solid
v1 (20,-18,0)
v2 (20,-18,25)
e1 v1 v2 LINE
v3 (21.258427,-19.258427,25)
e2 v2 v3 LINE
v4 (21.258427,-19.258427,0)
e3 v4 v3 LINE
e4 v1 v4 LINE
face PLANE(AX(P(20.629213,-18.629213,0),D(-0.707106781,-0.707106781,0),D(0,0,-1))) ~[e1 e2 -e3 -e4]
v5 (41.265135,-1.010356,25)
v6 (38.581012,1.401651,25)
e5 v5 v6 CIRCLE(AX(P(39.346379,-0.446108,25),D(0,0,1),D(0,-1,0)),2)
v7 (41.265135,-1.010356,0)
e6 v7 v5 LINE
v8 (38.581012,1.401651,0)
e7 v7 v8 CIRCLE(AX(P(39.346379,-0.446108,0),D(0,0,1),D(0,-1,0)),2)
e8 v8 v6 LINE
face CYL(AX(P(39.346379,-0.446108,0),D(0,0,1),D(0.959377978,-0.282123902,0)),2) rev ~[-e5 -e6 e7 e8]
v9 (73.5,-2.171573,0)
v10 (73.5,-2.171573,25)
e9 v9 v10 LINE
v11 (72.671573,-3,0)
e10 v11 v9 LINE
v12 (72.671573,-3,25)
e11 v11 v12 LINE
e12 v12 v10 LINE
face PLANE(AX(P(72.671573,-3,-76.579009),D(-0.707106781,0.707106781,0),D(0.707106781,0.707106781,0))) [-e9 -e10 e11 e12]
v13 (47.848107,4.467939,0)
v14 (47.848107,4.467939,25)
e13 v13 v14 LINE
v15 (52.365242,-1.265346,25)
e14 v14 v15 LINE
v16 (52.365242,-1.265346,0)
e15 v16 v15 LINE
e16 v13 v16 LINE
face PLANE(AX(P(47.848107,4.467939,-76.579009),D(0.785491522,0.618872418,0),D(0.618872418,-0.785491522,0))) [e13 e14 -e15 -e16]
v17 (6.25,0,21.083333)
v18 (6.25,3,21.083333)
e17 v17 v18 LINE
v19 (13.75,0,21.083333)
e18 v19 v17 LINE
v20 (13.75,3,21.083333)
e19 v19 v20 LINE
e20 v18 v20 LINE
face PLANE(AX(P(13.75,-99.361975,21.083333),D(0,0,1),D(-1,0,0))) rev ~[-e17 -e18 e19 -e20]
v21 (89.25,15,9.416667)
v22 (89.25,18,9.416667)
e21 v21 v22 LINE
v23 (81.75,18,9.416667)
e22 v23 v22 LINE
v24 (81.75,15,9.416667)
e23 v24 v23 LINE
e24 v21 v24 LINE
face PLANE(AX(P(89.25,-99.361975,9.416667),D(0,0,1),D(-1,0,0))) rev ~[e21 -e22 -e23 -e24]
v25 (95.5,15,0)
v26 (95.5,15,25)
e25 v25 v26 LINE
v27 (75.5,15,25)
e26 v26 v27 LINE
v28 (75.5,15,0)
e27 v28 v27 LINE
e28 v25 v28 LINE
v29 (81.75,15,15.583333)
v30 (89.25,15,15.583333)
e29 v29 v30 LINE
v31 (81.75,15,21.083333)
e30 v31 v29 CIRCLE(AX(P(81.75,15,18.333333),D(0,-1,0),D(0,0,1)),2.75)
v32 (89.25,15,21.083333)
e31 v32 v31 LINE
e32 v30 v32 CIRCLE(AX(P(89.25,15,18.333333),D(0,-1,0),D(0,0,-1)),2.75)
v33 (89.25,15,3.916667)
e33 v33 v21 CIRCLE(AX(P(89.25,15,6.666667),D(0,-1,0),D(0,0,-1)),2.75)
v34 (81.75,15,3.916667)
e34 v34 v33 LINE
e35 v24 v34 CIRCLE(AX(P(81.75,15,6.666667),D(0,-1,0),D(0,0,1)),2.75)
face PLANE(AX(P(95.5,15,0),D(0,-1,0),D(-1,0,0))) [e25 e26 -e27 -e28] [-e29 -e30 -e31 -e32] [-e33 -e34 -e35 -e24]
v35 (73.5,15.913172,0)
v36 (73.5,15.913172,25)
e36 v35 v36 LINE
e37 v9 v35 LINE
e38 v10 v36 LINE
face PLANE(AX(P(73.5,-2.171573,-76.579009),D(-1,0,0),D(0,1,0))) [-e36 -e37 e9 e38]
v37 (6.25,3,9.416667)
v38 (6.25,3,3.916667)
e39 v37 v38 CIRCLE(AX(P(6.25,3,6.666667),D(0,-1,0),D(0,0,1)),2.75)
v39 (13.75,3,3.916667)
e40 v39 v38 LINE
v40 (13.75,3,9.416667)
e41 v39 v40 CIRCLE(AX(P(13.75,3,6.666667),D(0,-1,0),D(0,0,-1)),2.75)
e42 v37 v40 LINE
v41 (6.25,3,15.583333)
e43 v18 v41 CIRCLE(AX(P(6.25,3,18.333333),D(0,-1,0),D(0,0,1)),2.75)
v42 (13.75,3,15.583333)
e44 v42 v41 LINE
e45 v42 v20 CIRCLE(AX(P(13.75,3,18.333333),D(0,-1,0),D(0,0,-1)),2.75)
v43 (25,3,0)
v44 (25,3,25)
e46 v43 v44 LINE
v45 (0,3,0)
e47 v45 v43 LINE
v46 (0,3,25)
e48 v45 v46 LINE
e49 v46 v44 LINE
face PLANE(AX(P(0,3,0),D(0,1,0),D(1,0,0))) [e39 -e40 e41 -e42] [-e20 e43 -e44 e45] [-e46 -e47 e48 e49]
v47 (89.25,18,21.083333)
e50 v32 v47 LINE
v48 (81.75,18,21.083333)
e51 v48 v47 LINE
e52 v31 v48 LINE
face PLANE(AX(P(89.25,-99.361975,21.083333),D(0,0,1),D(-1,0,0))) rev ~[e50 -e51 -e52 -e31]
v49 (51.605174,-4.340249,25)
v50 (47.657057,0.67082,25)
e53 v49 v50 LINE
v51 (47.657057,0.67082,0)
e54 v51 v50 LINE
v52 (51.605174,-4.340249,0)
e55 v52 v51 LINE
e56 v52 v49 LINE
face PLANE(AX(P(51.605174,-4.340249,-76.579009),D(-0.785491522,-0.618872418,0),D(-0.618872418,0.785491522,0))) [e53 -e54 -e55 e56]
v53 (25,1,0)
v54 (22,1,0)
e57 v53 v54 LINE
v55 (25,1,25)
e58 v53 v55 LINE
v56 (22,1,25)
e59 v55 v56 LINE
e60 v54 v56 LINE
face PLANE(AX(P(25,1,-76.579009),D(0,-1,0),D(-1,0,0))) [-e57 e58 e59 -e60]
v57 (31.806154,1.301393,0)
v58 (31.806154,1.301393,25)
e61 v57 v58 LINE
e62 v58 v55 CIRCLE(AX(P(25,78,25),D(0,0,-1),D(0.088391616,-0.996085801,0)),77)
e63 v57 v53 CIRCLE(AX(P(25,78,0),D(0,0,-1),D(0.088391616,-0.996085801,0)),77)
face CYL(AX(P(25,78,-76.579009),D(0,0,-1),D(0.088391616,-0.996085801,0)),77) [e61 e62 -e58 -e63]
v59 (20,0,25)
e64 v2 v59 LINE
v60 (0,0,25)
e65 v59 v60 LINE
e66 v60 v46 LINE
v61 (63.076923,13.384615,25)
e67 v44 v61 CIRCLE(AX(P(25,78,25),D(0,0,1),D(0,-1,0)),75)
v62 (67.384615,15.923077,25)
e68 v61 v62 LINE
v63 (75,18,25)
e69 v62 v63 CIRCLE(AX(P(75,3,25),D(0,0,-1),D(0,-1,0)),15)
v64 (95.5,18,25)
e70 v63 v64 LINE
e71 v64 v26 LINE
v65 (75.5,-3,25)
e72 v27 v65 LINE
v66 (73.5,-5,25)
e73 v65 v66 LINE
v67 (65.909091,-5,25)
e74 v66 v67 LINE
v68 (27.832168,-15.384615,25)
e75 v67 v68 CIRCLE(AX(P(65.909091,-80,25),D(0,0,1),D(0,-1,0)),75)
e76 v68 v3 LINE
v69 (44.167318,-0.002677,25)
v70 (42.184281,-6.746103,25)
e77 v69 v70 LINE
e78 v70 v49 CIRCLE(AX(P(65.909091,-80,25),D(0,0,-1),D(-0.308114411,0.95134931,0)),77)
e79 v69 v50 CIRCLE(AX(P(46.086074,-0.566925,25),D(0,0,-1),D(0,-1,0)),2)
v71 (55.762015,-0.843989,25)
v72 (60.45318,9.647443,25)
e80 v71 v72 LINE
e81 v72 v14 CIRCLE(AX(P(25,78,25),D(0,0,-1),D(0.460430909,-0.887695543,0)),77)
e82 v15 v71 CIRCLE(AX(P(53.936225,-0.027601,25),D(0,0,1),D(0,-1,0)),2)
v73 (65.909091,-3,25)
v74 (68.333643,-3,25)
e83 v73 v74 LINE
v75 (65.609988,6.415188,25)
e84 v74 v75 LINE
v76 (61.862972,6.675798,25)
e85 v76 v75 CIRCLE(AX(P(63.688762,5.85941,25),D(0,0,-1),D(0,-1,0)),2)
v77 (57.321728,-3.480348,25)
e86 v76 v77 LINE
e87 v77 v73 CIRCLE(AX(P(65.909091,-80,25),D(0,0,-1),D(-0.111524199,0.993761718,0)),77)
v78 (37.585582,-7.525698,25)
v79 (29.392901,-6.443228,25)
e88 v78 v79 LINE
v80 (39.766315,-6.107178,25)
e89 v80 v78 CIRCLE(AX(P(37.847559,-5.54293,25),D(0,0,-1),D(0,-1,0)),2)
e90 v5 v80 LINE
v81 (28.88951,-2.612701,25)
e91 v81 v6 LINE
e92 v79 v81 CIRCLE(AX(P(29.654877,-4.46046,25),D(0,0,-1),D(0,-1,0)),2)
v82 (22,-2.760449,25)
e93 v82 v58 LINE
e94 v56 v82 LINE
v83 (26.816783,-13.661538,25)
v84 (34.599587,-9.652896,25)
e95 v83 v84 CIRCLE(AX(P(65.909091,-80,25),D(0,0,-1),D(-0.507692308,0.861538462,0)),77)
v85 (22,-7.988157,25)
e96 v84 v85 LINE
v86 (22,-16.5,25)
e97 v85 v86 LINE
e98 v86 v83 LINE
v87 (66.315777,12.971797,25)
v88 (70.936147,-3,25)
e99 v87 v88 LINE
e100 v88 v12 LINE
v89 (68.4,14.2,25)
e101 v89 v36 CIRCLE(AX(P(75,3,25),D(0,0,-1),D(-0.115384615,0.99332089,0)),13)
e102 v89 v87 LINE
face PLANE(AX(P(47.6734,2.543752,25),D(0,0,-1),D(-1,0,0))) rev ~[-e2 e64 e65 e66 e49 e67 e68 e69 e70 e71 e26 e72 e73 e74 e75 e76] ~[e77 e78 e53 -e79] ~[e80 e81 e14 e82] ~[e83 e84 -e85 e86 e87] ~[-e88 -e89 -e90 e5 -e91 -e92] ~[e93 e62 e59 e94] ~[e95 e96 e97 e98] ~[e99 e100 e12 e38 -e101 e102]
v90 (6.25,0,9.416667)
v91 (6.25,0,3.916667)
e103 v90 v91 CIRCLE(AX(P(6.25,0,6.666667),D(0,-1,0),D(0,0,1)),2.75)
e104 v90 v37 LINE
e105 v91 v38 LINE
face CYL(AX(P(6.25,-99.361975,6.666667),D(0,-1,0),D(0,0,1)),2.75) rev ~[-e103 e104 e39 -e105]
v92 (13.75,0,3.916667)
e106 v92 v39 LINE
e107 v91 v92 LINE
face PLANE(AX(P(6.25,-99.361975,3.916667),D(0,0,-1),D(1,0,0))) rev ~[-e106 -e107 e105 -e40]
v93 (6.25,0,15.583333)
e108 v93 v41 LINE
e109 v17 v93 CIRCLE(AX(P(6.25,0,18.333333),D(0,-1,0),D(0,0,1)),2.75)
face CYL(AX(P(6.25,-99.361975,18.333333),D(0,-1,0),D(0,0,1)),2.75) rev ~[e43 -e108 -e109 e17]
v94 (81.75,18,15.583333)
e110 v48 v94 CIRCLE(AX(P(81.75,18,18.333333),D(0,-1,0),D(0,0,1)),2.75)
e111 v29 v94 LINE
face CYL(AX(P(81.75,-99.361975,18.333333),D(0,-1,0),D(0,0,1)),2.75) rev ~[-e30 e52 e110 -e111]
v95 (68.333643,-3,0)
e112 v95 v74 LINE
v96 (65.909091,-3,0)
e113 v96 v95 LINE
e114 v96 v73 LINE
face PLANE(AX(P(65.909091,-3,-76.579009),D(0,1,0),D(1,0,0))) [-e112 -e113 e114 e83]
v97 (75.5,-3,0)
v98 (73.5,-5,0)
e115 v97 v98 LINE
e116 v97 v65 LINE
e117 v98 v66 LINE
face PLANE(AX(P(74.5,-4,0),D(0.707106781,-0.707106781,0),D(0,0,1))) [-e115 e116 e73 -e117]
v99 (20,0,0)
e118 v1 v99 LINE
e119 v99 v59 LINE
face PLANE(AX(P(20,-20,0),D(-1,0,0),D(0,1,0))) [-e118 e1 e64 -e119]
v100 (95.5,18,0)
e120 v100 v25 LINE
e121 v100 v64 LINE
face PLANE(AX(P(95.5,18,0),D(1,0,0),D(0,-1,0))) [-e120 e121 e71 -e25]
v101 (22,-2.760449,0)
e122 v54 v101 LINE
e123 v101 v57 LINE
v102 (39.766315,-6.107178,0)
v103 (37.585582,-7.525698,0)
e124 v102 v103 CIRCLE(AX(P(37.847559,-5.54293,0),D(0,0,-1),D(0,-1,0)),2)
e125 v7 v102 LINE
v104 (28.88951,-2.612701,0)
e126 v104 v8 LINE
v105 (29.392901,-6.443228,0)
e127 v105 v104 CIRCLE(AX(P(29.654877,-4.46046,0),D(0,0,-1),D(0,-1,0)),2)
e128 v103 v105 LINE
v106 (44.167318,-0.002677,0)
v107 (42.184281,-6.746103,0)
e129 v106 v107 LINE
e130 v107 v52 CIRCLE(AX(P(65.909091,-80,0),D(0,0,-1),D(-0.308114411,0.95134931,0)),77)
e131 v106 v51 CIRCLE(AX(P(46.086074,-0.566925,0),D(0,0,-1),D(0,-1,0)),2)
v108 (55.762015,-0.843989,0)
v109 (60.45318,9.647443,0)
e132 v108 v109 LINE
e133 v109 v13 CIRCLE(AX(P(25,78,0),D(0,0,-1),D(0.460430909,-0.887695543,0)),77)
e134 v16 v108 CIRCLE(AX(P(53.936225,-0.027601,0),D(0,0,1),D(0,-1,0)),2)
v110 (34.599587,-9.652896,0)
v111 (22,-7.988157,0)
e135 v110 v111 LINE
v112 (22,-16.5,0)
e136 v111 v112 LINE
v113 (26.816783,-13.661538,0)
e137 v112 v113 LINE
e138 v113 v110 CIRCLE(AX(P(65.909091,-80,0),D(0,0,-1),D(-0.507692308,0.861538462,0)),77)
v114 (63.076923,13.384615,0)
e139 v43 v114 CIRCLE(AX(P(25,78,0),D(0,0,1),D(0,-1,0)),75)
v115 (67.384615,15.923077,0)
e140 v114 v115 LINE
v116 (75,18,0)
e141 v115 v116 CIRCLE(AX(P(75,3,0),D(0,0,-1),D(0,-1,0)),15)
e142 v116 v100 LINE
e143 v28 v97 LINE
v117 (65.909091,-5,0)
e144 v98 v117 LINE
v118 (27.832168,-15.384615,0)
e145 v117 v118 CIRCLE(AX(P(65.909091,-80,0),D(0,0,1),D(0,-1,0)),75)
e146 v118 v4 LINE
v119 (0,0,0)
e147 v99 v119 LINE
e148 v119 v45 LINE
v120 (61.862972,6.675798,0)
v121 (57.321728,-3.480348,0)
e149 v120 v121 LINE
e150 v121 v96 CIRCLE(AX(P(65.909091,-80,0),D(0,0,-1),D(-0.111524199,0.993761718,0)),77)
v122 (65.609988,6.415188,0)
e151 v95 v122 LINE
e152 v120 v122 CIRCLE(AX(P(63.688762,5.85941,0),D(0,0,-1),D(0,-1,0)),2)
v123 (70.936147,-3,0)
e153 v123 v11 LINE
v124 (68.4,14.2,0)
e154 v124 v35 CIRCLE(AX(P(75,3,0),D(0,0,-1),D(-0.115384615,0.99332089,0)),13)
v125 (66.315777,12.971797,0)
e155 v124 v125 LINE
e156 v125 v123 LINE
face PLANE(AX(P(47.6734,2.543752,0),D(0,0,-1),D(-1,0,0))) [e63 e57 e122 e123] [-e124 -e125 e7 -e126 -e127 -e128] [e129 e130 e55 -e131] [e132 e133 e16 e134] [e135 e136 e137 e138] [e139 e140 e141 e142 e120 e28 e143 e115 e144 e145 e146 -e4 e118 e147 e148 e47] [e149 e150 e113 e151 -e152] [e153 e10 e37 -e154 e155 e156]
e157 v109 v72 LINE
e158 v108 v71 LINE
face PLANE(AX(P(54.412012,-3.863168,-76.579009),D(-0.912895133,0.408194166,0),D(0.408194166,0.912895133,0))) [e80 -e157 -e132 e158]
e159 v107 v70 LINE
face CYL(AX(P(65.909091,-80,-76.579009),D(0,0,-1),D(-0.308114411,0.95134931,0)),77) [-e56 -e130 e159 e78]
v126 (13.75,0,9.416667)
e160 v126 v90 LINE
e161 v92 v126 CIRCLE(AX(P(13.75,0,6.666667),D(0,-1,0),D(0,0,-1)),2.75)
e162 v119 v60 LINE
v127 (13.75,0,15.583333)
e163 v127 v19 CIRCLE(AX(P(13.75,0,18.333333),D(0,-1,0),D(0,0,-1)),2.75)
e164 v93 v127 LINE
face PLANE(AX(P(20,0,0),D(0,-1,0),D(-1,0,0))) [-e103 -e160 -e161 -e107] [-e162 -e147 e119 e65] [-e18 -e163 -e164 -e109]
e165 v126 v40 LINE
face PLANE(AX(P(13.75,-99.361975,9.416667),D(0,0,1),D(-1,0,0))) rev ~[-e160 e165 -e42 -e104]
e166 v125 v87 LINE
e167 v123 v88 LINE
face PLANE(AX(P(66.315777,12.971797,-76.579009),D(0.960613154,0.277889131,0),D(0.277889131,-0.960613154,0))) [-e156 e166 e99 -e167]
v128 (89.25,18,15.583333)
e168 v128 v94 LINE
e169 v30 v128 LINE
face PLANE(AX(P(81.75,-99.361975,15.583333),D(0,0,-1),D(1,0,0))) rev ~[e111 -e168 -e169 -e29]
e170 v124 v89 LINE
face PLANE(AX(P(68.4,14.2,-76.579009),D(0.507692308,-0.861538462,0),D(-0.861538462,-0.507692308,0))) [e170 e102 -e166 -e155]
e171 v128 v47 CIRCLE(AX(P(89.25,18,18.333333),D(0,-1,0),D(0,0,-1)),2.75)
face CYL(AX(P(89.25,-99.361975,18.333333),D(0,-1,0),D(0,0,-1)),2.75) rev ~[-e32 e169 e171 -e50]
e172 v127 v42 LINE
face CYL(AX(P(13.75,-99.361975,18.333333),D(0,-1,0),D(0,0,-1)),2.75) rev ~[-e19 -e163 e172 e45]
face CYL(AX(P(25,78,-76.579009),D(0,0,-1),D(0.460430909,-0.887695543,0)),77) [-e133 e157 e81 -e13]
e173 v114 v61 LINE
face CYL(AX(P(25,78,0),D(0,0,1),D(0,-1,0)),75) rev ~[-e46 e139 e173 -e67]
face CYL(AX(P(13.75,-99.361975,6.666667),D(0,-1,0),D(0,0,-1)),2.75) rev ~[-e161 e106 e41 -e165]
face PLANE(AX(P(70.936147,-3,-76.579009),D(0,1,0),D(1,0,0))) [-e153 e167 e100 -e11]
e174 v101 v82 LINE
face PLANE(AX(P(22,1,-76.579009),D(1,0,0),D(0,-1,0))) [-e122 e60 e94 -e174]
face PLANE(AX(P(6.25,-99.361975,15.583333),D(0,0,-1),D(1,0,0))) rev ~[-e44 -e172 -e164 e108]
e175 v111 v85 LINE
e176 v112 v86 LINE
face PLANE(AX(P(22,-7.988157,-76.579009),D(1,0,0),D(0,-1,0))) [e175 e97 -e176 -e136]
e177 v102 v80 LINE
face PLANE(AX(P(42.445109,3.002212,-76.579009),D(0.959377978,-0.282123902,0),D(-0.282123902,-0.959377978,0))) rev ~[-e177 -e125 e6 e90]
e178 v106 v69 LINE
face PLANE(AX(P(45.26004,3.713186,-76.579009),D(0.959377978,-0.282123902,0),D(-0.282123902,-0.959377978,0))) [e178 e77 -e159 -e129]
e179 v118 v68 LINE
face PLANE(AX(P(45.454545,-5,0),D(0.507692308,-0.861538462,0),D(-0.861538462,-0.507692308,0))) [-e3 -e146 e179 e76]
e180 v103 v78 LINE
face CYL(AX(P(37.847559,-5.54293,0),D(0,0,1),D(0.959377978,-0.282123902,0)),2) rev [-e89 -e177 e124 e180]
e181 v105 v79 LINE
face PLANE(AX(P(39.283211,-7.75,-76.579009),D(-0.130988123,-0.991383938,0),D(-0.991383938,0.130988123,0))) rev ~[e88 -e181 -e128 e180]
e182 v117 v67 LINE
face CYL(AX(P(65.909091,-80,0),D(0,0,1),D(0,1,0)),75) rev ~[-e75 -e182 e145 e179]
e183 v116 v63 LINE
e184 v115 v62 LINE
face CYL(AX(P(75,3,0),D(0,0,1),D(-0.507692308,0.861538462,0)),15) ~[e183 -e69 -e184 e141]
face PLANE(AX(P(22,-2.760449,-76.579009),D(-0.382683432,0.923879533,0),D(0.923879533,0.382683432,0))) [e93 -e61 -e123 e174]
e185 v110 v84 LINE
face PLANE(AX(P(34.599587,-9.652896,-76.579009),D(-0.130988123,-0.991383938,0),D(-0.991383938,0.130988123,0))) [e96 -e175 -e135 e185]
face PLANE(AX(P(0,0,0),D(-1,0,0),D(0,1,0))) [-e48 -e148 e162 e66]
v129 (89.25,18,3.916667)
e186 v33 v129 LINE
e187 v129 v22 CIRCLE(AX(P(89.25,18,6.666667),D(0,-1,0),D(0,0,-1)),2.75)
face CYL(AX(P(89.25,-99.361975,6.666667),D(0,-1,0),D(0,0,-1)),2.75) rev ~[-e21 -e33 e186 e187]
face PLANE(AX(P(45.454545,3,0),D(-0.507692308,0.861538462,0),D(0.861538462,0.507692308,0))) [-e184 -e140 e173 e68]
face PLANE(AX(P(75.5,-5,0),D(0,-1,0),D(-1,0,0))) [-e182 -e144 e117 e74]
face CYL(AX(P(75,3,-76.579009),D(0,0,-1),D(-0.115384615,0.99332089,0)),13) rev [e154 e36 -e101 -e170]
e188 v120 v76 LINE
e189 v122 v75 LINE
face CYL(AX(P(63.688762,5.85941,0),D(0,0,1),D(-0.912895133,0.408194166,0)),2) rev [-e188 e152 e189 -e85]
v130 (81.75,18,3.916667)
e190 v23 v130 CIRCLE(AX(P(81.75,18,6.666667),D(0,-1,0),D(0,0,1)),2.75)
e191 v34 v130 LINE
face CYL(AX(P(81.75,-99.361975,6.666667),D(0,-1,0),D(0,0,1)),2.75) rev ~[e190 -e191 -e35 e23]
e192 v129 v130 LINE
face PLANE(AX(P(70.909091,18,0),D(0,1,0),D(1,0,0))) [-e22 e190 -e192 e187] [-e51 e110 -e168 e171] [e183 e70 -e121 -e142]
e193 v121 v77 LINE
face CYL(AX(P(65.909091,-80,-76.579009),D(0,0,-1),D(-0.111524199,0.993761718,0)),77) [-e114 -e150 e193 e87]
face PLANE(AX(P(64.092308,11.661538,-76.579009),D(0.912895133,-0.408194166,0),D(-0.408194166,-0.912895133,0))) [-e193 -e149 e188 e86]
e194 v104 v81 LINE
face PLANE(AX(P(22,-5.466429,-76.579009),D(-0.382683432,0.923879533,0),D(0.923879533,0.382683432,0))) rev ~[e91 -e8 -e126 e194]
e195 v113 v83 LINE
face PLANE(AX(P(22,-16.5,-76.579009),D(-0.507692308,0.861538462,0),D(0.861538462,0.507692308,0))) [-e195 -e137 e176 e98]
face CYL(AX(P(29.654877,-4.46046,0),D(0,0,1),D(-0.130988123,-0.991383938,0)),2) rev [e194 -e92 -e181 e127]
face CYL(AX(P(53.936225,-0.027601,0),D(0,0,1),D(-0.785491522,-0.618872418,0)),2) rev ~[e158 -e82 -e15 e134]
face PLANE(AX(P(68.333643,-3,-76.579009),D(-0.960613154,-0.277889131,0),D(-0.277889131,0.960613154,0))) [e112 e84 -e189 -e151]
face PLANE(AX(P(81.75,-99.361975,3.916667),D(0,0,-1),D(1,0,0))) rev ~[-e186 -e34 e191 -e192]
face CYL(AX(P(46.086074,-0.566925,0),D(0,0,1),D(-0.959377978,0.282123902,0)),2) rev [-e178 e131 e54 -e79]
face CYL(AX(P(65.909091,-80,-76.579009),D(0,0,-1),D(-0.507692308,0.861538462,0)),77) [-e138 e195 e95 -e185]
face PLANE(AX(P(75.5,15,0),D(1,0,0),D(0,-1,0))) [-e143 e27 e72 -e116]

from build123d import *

# Parameters (mm, degrees)
BOSS_EXTRUDE1_DEPTH     = 25
CUT_EXTRUDE2_DEPTH      = 102.361975119
CUT_EXTRUDE2_DEPTH_BACK = 102.361975119
FILLET2_R               = 75
FILLET3_R               = 15
CHAMFER2_SIZE           = 2
CHAMFER3_SIZE           = 2
CHAMFER3_SIZE2          = 1.460674157
CUT_EXTRUDE3_DEPTH      = 101.57900879
CUT_EXTRUDE3_DEPTH_BACK = 101.57900879
FILLET4_R               = 2


with BuildPart() as part:
    # Sketch1 → Boss-Extrude1 (new body)
    with BuildSketch(Plane.XY):
        Polygon((0, 0), (0, 3), (45.454545455, 3), (70.909090909, 18), (95.5, 18), (95.5, 15), (75.5, 15), (75.5, -5), (45.454545455, -5), (20, -20), (20, 0), align=None)
    extrude(amount=BOSS_EXTRUDE1_DEPTH)

    # Sketch3 → Cut-Extrude2 (cut, two sides: drawn at the far end of the back side and taken through both)
    with BuildSketch(Plane(origin=(0, 3, 0), x_dir=(1, 0, 0), z_dir=(0, 1, 0)).offset(-CUT_EXTRUDE2_DEPTH_BACK)):
        with BuildLine():
            Line((6.25, -3.916666667), (13.75, -3.916666667))
            ThreePointArc((13.75, -3.916666667), (16.5, -6.666666667), (13.75, -9.416666667))
            Line((13.75, -9.416666667), (6.25, -9.416666667))
            ThreePointArc((6.25, -9.416666667), (3.5, -6.666666667), (6.25, -3.916666667))
        make_face()
        with BuildLine():
            Line((6.25, -15.583333333), (13.75, -15.583333333))
            ThreePointArc((13.75, -15.583333333), (16.5, -18.333333333), (13.75, -21.083333333))
            Line((13.75, -21.083333333), (6.25, -21.083333333))
            ThreePointArc((6.25, -21.083333333), (3.5, -18.333333333), (6.25, -15.583333333))
        make_face()
        with BuildLine():
            Line((81.75, -3.916666667), (89.25, -3.916666667))
            ThreePointArc((89.25, -3.916666667), (92, -6.666666667), (89.25, -9.416666667))
            Line((89.25, -9.416666667), (81.75, -9.416666667))
            ThreePointArc((81.75, -9.416666667), (79, -6.666666667), (81.75, -3.916666667))
        make_face()
        with BuildLine():
            Line((81.75, -15.583333333), (89.25, -15.583333333))
            ThreePointArc((89.25, -15.583333333), (92, -18.333333333), (89.25, -21.083333333))
            Line((89.25, -21.083333333), (81.75, -21.083333333))
            ThreePointArc((81.75, -21.083333333), (79, -18.333333333), (81.75, -15.583333333))
        make_face()
    extrude(amount=CUT_EXTRUDE2_DEPTH + CUT_EXTRUDE2_DEPTH_BACK, mode=Mode.SUBTRACT)

    # Fillet2
    fillet2_edges = [part.edges().sort_by_distance(p)[0] for p in [
        (45.454545455, -5, 12.5),
        (45.454545455, 3, 12.5),
    ]]
    fillet(fillet2_edges, radius=FILLET2_R)

    # Fillet3
    fillet3_edges = [part.edges().sort_by_distance(p)[0] for p in [
        (70.909090909, 18, 12.5),
    ]]
    fillet(fillet3_edges, radius=FILLET3_R)

    # Chamfer2
    chamfer2_edges = [part.edges().sort_by_distance(p)[0] for p in [
        (75.5, -5, 12.5),
    ]]
    chamfer(chamfer2_edges, length=CHAMFER2_SIZE)

    # Chamfer3
    chamfer3_edges = [part.edges().sort_by_distance(p)[0] for p in [
        (20, -20, 12.5),
    ]]
    chamfer3_side = [part.faces().sort_by_distance(p)[0] for p in [
        (20, -10, 12.5),
    ]]
    chamfer(chamfer3_edges, length=CHAMFER3_SIZE, length2=CHAMFER3_SIZE2, reference=chamfer3_side[0])

    # Sketch4 → Cut-Extrude3 (cut, two sides: drawn at the far end of the back side and taken through both)
    with BuildSketch(Plane.XY.offset(25).offset(-CUT_EXTRUDE3_DEPTH_BACK)):
        with BuildLine():
            Line((22, -2.760448796), (31.806154392, 1.301393348))
            ThreePointArc((31.806154392, 1.301393348), (28.406412173, 1.075385239), (25, 1))
            Line((25, 1), (22, 1))
            Line((22, 1), (22, -2.760448796))
        make_face()
        Polygon((42.445109464, 3.002212327), (39.283210642, -7.75), (22, -5.466429297), align=None)
        with BuildLine():
            ThreePointArc((26.816783217, -13.661538462), (30.651168911, -11.546519911), (34.599587235, -9.652896437))
            Line((34.599587235, -9.652896437), (22, -7.988156657))
            Line((22, -7.988156657), (22, -16.5))
            Line((22, -16.5), (26.816783217, -13.661538462))
        make_face()
        with BuildLine():
            ThreePointArc((42.184281307, -6.746103112), (46.856714422, -5.394323606), (51.605173683, -4.340248798))
            Line((51.605173683, -4.340248798), (45.260040246, 3.713185765))
            Line((45.260040246, 3.713185765), (42.184281307, -6.746103112))
        make_face()
        with BuildLine():
            Line((54.412012222, -3.863168035), (60.453180003, 9.647443152))
            ThreePointArc((60.453180003, 9.647443152), (54.265454394, 6.778281549), (47.848106587, 4.467938793))
            Line((47.848106587, 4.467938793), (54.412012222, -3.863168035))
        make_face()
        with BuildLine():
            Line((68.333642683, -3), (64.092307692, 11.661538462))
            Line((64.092307692, 11.661538462), (57.321727635, -3.480347675))
            ThreePointArc((57.321727635, -3.480347675), (61.608697267, -3.120180707), (65.909090909, -3))
            Line((65.909090909, -3), (68.333642683, -3))
        make_face()
        with BuildLine():
            Line((68.4, 14.2), (66.315776542, 12.971796891))
            Line((66.315776542, 12.971796891), (70.936147126, -3))
            Line((70.936147126, -3), (72.671572875, -3))
            Line((72.671572875, -3), (73.5, -2.171572875))
            Line((73.5, -2.171572875), (73.5, 15.91317157))
            ThreePointArc((73.5, 15.91317157), (70.860405913, 15.323301538), (68.4, 14.2))
        make_face()
    extrude(amount=CUT_EXTRUDE3_DEPTH + CUT_EXTRUDE3_DEPTH_BACK, mode=Mode.SUBTRACT)

    # Fillet4
    fillet4_edges = [part.edges().sort_by_distance(p)[0] for p in [
        (45.260040246, 3.713185765, 12.5),
        (54.412012222, -3.863168035, 12.5),
        (42.445109464, 3.002212327, 12.5),
        (39.283210642, -7.75, 12.5),
        (22, -5.466429297, 12.5),
        (64.092307692, 11.661538462, 12.5),
    ]]
    fillet(fillet4_edges, radius=FILLET4_R)


solid = part.part
